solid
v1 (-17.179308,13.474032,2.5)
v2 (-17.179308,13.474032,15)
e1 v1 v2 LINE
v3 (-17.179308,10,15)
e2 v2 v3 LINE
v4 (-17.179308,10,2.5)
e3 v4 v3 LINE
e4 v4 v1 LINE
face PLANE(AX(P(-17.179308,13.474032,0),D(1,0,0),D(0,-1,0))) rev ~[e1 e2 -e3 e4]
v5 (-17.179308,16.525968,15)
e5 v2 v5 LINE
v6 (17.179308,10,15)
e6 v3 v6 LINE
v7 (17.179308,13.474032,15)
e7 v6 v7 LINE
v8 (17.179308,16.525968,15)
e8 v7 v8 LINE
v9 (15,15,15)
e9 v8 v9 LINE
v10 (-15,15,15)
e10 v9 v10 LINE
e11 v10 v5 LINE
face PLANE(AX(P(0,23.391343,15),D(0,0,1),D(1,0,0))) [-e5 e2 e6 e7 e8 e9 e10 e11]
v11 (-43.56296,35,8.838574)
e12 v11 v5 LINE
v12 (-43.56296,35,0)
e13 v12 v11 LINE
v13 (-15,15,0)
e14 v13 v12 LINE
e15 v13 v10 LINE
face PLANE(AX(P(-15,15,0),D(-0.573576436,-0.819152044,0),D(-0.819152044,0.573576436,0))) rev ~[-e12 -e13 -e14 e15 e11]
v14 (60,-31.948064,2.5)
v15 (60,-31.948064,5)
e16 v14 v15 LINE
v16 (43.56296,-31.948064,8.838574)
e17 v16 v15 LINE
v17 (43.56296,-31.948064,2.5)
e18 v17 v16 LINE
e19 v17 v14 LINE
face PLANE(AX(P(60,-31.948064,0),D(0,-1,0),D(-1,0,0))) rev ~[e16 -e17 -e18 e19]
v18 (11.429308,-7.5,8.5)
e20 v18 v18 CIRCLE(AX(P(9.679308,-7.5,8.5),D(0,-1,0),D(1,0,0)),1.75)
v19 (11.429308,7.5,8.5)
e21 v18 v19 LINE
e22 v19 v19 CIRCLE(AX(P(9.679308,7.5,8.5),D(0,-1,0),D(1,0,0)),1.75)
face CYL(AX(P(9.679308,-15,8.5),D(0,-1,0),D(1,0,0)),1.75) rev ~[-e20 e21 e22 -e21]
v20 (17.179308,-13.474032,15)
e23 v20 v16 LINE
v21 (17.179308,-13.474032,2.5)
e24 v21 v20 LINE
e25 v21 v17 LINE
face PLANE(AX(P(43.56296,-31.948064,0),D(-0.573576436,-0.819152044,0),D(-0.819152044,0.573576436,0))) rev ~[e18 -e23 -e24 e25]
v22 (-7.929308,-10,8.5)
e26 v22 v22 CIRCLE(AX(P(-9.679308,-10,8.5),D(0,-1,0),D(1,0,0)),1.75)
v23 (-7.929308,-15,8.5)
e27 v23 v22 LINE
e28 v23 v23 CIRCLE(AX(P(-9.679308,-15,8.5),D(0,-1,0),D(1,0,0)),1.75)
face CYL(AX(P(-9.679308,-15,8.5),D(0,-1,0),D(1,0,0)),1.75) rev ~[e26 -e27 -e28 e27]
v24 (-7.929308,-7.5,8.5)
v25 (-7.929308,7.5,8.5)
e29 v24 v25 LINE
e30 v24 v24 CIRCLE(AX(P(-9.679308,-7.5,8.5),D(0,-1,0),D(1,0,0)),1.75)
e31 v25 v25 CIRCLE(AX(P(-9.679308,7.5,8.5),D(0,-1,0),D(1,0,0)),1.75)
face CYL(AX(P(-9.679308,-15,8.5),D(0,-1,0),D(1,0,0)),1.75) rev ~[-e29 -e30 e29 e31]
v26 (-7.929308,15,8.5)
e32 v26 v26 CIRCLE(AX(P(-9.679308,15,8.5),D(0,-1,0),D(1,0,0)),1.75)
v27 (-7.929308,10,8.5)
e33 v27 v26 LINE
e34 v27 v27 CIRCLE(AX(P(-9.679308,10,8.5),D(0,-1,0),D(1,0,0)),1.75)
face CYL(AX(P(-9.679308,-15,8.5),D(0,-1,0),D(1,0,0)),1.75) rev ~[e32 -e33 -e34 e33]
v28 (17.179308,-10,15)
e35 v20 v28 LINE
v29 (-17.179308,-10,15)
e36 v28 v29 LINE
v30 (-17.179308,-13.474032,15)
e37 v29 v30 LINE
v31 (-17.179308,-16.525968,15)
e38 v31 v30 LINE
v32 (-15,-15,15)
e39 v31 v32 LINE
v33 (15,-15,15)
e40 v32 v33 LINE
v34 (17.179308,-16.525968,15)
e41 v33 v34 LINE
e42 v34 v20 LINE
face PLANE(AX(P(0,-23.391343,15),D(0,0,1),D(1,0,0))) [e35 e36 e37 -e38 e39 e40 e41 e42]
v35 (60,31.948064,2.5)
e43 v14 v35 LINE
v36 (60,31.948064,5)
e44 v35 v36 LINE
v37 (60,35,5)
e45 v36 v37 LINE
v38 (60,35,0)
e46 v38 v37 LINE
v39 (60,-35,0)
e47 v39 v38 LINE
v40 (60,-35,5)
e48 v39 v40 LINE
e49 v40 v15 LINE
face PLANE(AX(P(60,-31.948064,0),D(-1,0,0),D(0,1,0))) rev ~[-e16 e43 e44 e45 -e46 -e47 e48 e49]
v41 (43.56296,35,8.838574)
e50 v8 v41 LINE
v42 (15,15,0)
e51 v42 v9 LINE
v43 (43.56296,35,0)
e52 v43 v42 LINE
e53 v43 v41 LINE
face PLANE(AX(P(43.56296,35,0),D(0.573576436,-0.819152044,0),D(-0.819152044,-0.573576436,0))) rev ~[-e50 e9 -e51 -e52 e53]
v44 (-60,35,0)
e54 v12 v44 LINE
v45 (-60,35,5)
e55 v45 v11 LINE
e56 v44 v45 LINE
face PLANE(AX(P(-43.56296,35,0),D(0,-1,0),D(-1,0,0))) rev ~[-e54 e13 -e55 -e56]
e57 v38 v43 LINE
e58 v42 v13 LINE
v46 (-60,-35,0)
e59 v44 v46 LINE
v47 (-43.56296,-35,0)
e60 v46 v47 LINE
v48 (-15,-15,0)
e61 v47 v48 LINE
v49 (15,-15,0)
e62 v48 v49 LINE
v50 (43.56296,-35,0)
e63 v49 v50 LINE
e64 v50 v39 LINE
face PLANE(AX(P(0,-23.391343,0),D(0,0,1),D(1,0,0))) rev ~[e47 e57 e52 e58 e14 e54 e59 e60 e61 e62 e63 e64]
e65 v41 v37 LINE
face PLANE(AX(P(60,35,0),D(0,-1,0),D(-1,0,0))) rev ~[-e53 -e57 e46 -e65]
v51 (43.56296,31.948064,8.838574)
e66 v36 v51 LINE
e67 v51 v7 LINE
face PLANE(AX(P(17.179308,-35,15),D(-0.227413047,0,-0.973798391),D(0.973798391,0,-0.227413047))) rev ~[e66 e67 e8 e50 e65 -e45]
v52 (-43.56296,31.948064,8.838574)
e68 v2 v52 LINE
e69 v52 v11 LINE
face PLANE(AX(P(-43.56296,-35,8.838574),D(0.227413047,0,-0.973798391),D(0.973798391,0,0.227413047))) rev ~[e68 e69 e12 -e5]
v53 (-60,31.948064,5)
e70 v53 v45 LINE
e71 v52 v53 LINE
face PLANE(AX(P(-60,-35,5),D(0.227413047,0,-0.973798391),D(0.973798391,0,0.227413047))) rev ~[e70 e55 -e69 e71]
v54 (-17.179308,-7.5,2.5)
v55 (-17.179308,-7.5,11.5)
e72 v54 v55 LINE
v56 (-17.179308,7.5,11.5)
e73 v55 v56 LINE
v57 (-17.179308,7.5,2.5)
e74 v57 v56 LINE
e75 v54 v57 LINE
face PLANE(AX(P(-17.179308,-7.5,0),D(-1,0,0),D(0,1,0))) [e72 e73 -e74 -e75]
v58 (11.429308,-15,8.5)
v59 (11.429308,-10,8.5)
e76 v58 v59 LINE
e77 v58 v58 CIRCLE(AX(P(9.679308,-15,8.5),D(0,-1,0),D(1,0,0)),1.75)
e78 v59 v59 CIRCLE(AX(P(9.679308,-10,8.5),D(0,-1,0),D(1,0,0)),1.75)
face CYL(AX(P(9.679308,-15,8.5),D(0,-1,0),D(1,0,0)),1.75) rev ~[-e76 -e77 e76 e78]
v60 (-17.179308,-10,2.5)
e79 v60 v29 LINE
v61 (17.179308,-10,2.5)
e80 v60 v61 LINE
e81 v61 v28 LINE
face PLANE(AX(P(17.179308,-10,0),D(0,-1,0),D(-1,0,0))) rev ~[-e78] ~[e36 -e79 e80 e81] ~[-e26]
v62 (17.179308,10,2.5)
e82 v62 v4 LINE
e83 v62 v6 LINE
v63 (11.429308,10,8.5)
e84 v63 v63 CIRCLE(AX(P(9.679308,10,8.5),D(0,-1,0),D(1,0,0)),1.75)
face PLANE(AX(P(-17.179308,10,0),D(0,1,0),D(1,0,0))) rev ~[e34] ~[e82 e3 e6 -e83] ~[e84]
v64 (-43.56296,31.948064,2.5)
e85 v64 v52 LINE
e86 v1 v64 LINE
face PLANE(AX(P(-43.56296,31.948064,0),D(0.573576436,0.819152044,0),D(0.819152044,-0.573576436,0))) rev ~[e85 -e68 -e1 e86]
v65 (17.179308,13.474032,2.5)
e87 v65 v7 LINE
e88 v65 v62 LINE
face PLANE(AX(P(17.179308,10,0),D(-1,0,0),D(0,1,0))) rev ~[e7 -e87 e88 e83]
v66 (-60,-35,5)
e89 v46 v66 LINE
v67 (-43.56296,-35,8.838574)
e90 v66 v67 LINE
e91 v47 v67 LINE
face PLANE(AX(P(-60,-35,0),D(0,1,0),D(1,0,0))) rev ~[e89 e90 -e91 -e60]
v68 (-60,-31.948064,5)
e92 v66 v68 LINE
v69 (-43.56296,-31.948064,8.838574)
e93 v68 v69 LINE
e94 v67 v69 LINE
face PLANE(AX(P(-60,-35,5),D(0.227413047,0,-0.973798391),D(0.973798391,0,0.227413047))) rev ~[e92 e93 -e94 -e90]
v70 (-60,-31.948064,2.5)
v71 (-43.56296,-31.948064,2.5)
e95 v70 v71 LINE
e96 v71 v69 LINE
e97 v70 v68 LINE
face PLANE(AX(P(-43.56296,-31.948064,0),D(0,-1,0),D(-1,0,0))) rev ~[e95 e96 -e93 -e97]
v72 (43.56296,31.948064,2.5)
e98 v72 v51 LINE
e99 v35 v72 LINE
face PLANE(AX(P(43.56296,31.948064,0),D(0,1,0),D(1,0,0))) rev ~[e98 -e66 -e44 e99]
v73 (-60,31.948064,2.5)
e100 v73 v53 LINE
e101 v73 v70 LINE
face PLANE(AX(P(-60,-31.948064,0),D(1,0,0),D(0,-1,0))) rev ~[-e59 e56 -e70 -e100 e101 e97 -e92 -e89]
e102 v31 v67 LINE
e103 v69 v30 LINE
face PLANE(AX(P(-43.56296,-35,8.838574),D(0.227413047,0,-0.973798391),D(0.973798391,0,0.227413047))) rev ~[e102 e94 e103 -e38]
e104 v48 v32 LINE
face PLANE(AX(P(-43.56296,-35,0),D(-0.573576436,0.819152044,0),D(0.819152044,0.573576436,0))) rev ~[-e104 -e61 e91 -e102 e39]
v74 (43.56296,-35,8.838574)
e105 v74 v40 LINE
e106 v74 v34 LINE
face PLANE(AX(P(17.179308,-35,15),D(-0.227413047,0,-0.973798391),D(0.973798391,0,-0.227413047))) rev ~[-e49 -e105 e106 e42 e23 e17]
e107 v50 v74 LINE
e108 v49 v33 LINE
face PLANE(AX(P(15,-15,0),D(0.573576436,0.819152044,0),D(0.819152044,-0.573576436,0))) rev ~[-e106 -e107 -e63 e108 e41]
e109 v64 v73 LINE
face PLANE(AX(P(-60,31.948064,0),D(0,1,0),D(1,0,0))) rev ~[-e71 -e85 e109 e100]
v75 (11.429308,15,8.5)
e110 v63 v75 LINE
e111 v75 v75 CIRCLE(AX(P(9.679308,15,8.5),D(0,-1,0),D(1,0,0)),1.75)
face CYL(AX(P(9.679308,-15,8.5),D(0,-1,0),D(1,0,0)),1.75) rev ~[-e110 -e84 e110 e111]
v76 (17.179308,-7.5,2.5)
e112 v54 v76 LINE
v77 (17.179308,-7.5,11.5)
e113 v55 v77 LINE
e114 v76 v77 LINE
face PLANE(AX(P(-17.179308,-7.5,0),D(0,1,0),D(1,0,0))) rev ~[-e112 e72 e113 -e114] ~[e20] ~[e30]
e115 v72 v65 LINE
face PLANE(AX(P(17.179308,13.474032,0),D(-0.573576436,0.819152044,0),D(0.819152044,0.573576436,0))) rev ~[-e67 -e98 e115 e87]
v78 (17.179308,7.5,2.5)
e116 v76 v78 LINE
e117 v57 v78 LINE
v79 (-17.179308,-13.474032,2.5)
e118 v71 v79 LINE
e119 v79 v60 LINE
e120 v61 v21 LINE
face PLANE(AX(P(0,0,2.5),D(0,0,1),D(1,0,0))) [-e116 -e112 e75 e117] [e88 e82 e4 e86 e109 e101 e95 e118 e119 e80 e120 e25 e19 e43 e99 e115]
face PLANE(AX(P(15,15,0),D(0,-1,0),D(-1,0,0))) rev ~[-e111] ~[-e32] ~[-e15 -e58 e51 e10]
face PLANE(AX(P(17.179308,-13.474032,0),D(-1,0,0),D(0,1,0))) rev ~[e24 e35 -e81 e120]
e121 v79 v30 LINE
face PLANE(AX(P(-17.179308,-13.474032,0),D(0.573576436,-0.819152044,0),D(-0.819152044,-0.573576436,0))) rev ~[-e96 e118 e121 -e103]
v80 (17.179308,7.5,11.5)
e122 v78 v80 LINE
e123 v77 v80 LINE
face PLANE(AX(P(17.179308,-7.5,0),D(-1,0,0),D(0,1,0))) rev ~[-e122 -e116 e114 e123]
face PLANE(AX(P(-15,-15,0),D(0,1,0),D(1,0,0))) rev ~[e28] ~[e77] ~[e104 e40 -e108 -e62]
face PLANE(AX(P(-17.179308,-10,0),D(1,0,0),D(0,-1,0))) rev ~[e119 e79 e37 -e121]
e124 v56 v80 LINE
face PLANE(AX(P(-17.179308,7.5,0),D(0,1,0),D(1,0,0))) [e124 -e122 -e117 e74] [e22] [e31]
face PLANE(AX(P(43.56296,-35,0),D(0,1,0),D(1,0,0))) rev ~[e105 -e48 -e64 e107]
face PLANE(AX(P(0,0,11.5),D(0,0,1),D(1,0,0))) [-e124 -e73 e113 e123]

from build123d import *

# Parameters (mm, degrees)
F0_W     = 34.3586169891
F0_H     = 15
F1_DEPTH = 11.5
F2_DEPTH = 2.5
F3_DEPTH = 15
F5_DEPTH = 70
F6_R     = 1.75
F7_DEPTH = 50.001


with BuildPart() as f1:
    # F0 (on Top) → F1 (new body)
    with BuildSketch(Plane.XY):
        Rectangle(F0_W, F0_H)
    extrude(amount=F1_DEPTH)

    # F0 (on Top) → F2 (join)
    with BuildSketch(Plane.XY):
        Polygon((-43.5629601348, 31.9480635281), (-60, 31.9480635281), (-60, -31.9480635281), (-43.5629601348, -31.9480635281), (-17.1793084945, -13.474031764), (-17.1793084945, -10), (17.1793084945, -10), (17.1793084945, -13.474031764), (43.5629601348, -31.9480635281), (60, -31.9480635281), (60, 31.9480635281), (43.5629601348, 31.9480635281), (17.1793084945, 13.474031764), (17.1793084945, 10), (-17.1793084945, 10), (-17.1793084945, 13.474031764), align=None)
        Rectangle(F0_W, F0_H, mode=Mode.SUBTRACT)
    extrude(amount=F2_DEPTH)

    # F0 (on Top) → F3 (join)
    with BuildSketch(Plane.XY):
        Polygon((-43.5629601348, -31.9480635281), (-60, -31.9480635281), (-60, -35), (-43.5629601348, -35), (-15, -15), (15, -15), (43.5629601348, -35), (60, -35), (60, -31.9480635281), (43.5629601348, -31.9480635281), (17.1793084945, -13.474031764), (17.1793084945, -10), (-17.1793084945, -10), (-17.1793084945, -13.474031764), align=None)
        Polygon((15, 15), (-15, 15), (-43.5629601348, 35), (-60, 35), (-60, 31.9480635281), (-43.5629601348, 31.9480635281), (-17.1793084945, 13.474031764), (-17.1793084945, 10), (17.1793084945, 10), (17.1793084945, 13.474031764), (43.5629601348, 31.9480635281), (60, 31.9480635281), (60, 35), (43.5629601348, 35), align=None)
    extrude(amount=F3_DEPTH)

    # F4 (on face) → F5 (cut, through all)
    with BuildSketch(Plane.XZ.offset(35)):
        Polygon((-60, 15), (-60, 5), (-43.5629601348, 8.8385741302), (-43.5629601348, 15), align=None)
        Polygon((-43.5629601348, 15), (-43.5629601348, 8.8385741302), (-17.1793084945, 15), align=None)
        Polygon((17.1793084945, 15), (60, 5), (60, 15), align=None)
    extrude(amount=-F5_DEPTH, mode=Mode.SUBTRACT)

    # F6 (on face) → F7 (cut, through all)
    with BuildSketch(Plane.XZ.offset(15)):
        with Locations((-9.6793084945, 8.5)):
            Circle(F6_R)
        with Locations((9.6793084945, 8.5)):
            Circle(F6_R)
    extrude(amount=-F7_DEPTH, mode=Mode.SUBTRACT)


solid = f1.part
